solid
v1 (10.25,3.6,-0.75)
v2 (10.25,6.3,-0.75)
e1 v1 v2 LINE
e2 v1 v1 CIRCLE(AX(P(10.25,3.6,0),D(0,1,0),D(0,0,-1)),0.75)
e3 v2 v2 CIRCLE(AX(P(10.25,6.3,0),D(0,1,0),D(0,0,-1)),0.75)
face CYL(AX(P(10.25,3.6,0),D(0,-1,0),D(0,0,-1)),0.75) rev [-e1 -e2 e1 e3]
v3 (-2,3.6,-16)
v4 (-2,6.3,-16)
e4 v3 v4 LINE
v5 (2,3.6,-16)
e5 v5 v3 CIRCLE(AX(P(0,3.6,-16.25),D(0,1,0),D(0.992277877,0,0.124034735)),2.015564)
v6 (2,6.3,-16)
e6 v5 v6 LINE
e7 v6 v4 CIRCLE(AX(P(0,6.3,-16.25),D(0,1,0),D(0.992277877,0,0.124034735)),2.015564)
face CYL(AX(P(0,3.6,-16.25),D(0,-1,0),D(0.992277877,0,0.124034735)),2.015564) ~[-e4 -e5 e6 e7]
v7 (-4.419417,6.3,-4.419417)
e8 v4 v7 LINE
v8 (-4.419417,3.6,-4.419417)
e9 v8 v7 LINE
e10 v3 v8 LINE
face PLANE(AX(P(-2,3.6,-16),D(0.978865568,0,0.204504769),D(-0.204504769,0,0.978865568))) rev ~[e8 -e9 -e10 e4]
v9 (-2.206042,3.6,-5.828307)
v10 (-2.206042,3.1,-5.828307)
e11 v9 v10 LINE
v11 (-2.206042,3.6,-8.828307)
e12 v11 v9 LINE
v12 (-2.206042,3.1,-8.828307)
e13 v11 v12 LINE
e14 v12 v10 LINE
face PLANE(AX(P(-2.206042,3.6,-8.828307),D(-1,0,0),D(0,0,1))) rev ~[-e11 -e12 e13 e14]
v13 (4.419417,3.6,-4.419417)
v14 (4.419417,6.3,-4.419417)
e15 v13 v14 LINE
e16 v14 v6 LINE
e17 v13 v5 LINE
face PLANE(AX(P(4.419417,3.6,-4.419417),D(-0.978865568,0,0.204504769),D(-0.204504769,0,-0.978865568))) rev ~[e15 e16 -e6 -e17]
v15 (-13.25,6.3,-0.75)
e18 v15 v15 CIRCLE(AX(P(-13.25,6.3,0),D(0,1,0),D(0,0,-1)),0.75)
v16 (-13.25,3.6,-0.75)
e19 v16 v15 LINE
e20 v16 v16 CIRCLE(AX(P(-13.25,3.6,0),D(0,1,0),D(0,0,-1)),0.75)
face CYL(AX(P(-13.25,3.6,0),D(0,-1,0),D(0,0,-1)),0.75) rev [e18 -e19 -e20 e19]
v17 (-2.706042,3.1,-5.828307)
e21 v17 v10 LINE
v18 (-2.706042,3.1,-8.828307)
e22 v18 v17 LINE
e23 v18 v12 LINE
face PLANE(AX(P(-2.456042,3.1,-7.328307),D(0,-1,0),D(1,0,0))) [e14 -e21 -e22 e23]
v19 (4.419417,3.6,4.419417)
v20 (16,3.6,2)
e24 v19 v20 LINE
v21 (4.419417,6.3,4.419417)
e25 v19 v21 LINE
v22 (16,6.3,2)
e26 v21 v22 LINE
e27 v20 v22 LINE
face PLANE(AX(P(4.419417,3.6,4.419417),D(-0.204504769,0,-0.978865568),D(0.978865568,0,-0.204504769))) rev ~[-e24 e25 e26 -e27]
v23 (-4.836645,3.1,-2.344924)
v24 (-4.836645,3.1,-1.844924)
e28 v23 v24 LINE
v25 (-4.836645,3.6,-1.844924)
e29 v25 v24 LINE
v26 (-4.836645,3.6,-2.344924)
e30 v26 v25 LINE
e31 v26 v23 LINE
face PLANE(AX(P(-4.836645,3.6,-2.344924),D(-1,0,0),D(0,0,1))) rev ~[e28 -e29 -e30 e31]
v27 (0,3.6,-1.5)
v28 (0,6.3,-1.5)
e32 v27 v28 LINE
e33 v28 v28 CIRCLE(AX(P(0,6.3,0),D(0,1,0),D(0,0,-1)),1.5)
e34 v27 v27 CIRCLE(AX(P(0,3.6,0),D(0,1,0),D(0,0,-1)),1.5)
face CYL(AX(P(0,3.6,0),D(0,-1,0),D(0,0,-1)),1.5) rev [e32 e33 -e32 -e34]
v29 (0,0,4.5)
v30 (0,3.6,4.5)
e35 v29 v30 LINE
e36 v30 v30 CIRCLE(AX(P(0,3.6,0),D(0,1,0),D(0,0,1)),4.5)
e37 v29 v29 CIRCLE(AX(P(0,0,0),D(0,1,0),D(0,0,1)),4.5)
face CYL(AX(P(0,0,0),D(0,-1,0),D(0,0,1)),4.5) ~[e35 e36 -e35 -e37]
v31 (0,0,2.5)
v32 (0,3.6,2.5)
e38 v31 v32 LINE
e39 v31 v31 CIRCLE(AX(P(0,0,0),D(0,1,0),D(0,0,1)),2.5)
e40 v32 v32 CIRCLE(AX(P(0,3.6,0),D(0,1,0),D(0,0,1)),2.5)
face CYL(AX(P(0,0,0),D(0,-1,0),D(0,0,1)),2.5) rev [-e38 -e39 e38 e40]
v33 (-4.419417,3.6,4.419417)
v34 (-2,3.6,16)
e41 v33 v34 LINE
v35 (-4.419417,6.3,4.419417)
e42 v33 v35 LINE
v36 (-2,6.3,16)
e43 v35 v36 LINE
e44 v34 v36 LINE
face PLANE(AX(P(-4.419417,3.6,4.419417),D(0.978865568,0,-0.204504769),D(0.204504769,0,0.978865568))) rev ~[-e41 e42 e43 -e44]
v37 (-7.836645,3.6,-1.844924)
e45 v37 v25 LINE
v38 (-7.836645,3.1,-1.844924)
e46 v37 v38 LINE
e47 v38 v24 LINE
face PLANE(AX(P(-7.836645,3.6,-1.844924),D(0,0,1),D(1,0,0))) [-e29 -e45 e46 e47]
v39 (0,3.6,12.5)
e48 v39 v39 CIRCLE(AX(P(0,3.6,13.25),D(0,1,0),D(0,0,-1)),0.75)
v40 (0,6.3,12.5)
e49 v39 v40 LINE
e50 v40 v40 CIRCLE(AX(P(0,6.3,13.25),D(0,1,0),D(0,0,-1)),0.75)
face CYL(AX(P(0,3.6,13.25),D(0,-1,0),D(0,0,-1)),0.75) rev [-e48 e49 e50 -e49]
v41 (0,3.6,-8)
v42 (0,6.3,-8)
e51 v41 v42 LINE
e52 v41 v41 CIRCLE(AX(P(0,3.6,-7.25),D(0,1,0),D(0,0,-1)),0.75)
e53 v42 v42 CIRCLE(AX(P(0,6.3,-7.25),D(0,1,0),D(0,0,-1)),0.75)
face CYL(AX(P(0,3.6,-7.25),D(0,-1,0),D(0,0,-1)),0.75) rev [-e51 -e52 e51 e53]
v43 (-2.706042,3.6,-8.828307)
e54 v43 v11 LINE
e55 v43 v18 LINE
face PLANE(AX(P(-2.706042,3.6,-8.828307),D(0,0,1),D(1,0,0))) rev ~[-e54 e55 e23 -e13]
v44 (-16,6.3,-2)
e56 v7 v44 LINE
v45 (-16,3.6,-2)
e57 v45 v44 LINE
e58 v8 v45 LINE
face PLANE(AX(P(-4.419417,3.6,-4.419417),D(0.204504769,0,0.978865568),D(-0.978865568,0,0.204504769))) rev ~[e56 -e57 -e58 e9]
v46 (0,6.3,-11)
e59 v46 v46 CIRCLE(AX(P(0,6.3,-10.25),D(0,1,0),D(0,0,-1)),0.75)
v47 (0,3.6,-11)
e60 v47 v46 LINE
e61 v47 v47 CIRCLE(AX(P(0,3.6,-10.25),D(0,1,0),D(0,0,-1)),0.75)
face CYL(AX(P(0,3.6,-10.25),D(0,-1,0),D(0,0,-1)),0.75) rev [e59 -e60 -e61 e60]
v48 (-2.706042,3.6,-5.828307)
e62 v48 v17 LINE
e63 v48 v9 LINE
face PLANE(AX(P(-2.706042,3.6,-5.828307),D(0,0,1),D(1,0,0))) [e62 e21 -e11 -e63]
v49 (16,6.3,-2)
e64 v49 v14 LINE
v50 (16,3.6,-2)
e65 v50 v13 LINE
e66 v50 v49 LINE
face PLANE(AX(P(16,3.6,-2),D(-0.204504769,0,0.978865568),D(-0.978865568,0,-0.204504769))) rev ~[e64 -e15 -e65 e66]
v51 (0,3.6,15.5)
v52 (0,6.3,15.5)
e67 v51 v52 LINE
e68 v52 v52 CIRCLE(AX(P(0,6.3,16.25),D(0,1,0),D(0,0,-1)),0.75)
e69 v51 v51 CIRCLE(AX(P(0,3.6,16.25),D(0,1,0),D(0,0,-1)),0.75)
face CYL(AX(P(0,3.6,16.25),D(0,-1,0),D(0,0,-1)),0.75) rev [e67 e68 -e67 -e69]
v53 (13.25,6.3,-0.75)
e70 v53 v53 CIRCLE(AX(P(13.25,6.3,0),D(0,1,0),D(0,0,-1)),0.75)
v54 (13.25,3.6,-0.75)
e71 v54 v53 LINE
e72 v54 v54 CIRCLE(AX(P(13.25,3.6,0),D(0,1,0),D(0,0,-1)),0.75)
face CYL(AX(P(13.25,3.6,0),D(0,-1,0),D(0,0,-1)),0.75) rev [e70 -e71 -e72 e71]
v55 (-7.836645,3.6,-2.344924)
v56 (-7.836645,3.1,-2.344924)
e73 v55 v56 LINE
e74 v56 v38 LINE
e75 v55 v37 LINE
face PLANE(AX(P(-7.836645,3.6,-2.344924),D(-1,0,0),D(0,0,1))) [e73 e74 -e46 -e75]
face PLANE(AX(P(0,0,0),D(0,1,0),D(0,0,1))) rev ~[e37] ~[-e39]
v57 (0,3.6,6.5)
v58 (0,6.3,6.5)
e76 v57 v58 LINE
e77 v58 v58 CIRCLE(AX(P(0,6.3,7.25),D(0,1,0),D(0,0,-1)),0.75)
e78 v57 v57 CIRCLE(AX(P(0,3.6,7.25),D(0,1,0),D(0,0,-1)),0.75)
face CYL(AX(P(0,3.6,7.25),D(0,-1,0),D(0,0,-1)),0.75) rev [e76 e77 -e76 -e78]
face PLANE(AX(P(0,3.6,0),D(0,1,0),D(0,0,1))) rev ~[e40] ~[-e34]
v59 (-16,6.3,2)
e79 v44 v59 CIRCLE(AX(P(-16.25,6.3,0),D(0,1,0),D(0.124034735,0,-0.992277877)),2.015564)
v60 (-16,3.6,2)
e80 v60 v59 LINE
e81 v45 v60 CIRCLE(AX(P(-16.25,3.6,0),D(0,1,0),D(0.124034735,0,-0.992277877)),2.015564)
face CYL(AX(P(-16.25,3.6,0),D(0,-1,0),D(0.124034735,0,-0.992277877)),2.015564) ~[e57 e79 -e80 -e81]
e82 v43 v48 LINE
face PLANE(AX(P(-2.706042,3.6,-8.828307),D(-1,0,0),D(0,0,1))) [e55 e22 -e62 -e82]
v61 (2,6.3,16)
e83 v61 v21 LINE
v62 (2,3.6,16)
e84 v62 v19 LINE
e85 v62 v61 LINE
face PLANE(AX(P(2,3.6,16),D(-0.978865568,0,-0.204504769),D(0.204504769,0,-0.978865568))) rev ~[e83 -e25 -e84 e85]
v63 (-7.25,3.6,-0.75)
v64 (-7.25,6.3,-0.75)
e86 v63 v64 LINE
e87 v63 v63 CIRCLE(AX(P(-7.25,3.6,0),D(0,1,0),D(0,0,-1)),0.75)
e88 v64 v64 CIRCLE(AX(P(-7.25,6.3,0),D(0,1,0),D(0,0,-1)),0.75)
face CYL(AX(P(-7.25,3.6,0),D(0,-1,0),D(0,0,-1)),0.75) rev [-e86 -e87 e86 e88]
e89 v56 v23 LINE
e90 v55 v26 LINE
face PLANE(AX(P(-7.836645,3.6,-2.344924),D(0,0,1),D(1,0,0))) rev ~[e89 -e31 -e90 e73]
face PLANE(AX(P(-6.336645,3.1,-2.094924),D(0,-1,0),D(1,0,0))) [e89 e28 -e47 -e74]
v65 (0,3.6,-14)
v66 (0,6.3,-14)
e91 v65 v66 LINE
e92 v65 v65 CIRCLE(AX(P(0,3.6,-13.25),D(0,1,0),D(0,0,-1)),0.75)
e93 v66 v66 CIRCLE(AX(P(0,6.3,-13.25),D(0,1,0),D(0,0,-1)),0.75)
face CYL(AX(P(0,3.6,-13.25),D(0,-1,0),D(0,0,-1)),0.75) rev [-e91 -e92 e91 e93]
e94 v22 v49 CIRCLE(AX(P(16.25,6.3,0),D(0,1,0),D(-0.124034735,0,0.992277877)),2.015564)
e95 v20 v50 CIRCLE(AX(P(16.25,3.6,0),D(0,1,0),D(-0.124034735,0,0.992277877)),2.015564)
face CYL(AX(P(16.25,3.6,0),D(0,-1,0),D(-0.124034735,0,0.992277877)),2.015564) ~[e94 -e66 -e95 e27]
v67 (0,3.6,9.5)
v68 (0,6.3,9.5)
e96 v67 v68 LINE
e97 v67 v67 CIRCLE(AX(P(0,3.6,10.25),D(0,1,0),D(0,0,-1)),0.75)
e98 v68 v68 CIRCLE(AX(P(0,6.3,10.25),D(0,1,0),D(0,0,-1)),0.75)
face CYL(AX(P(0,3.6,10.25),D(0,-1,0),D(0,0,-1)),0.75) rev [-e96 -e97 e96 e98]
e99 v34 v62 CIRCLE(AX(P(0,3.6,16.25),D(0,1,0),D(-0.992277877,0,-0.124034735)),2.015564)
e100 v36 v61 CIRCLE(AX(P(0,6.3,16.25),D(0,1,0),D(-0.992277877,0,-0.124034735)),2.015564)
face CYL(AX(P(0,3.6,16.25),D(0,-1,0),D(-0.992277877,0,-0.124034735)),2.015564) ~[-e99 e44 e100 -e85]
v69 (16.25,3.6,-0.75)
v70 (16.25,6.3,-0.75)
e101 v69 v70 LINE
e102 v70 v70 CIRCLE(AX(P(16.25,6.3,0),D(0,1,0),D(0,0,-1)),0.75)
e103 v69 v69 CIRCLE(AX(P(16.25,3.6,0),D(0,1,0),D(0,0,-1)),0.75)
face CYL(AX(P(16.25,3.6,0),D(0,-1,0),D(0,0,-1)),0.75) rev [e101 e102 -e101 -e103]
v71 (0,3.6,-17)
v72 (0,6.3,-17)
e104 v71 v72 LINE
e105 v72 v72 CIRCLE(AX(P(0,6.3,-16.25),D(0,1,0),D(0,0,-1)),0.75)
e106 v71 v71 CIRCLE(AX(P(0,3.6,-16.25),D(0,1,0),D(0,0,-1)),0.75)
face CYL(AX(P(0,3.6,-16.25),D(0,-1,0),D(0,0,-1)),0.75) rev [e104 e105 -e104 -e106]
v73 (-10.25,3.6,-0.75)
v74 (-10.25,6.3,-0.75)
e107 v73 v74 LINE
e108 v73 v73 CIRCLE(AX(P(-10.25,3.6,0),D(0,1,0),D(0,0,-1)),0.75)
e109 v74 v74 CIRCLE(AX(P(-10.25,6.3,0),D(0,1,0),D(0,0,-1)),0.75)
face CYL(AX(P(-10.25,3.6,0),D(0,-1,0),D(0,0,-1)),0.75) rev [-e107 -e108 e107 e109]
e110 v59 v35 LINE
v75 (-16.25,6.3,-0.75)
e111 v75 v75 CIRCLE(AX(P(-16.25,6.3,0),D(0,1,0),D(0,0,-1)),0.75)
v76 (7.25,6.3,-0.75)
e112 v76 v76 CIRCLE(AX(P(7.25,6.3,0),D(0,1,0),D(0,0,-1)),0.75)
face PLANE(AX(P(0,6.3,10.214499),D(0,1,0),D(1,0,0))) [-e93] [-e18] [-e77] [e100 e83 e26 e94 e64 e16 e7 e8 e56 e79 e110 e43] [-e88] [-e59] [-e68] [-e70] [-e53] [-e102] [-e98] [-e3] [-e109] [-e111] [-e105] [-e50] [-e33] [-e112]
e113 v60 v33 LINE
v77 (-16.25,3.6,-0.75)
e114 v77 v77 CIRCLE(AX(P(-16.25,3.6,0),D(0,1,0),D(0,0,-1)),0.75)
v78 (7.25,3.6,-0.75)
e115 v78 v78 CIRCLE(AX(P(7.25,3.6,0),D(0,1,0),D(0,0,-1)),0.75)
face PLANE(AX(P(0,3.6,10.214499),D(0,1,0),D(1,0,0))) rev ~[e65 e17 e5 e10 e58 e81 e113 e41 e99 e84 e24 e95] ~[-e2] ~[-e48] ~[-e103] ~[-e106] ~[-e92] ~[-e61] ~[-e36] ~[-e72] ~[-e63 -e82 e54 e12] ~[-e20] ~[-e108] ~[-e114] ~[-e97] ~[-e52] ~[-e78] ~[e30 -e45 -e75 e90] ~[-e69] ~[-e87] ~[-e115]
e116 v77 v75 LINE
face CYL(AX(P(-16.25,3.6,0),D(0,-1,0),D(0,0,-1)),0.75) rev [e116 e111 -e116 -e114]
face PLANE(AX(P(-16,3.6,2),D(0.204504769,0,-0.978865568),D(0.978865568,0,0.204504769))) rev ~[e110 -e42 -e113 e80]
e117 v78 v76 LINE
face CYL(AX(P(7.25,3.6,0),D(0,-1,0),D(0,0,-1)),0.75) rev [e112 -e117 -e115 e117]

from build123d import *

# Parameters (mm, degrees)
SKETCH1_R           = 4.5
SKETCH1_R_2         = 2.5
BOSS_EXTRUDE1_DEPTH = 3.6
SKETCH2_R           = 0.75
SKETCH2_R_2         = 6.25
SKETCH2_R_3         = 4.5
SKETCH2_R_4         = 2.5
SKETCH2_R_5         = 1.5
BOSS_EXTRUDE2_DEPTH = 2.7
SKETCH3_W           = 3
SKETCH3_H           = 0.5
SKETCH3_W_2         = 0.5
SKETCH3_H_2         = 3
BOSS_EXTRUDE3_DEPTH = 0.5


with BuildPart() as part:
    # Sketch1 → Boss-Extrude1 (new body)
    with BuildSketch(Plane(origin=(0, 0, 0), x_dir=(1, 0, 0), z_dir=(0, 1, 0))):
        with Locations(Location((0, 0, 0), (0, 0, 270))):
            Circle(SKETCH1_R)
        with Locations(Location((0, 0, 0), (0, 0, 270))):
            Circle(SKETCH1_R_2, mode=Mode.SUBTRACT)
    extrude(amount=BOSS_EXTRUDE1_DEPTH)

    # Sketch2 → Boss-Extrude2 (add)
    # profile 1 of 7: a face of its own
    with BuildSketch(Plane(origin=(0, 3.6, 0), x_dir=(1, 0, 0), z_dir=(0, 1, 0))):
        with BuildLine():
            ThreePointArc((4.419417382, -4.419417382), (0, -6.25), (-4.419417382, -4.419417382))
            Line((-4.419417382, -4.419417382), (-2, -16))
            ThreePointArc((-2, -16), (0, -18.265564437), (2, -16))
            Line((2, -16), (4.419417382, -4.419417382))
        make_face()
        with Locations(Location((0, -16.25, 0), (0, 0, 90))):
            Circle(SKETCH2_R, mode=Mode.SUBTRACT)
        with Locations(Location((0, -13.25, 0), (0, 0, 90))):
            Circle(SKETCH2_R, mode=Mode.SUBTRACT)
        with Locations(Location((0, -10.25, 0), (0, 0, 90))):
            Circle(SKETCH2_R, mode=Mode.SUBTRACT)
        with Locations(Location((0, -7.25, 0), (0, 0, 90))):
            Circle(SKETCH2_R, mode=Mode.SUBTRACT)
    # profile 2 of 7: a face of its own
    with BuildSketch(Plane(origin=(0, 3.6, 0), x_dir=(1, 0, 0), z_dir=(0, 1, 0))):
        with BuildLine():
            ThreePointArc((-4.419417382, -4.419417382), (-6.25, 0), (-4.419417382, 4.419417382))
            Line((-4.419417382, 4.419417382), (-16, 2))
            ThreePointArc((-16, 2), (-18.265564437, 0), (-16, -2))
            Line((-16, -2), (-4.419417382, -4.419417382))
        make_face()
        with Locations(Location((-16.25, 0, 0), (0, 0, 90))):
            Circle(SKETCH2_R, mode=Mode.SUBTRACT)
        with Locations(Location((-13.25, 0, 0), (0, 0, 90))):
            Circle(SKETCH2_R, mode=Mode.SUBTRACT)
        with Locations(Location((-10.25, 0, 0), (0, 0, 90))):
            Circle(SKETCH2_R, mode=Mode.SUBTRACT)
        with Locations(Location((-7.25, 0, 0), (0, 0, 90))):
            Circle(SKETCH2_R, mode=Mode.SUBTRACT)
    # profile 3 of 7: a face of its own
    with BuildSketch(Plane(origin=(0, 3.6, 0), x_dir=(1, 0, 0), z_dir=(0, 1, 0))):
        Circle(SKETCH2_R_2)
        with Locations(Location((0, 0, 0), (0, 0, 270))):
            Circle(SKETCH2_R_3, mode=Mode.SUBTRACT)
    # profile 4 of 7: a face of its own
    with BuildSketch(Plane(origin=(0, 3.6, 0), x_dir=(1, 0, 0), z_dir=(0, 1, 0))):
        with BuildLine():
            ThreePointArc((2, 16), (0, 18.265564437), (-2, 16))
            Line((-2, 16), (-4.419417382, 4.419417382))
            ThreePointArc((-4.419417382, 4.419417382), (0, 6.25), (4.419417382, 4.419417382))
            Line((4.419417382, 4.419417382), (2, 16))
        make_face()
        with Locations(Location((0, 7.25, 0), (0, 0, 90))):
            Circle(SKETCH2_R, mode=Mode.SUBTRACT)
        with Locations(Location((0, 10.25, 0), (0, 0, 90))):
            Circle(SKETCH2_R, mode=Mode.SUBTRACT)
        with Locations(Location((0, 13.25, 0), (0, 0, 90))):
            Circle(SKETCH2_R, mode=Mode.SUBTRACT)
        with Locations(Location((0, 16.25, 0), (0, 0, 90))):
            Circle(SKETCH2_R, mode=Mode.SUBTRACT)
    # profile 5 of 7: a face of its own
    with BuildSketch(Plane(origin=(0, 3.6, 0), x_dir=(1, 0, 0), z_dir=(0, 1, 0))):
        with BuildLine():
            Line((16, 2), (4.419417382, 4.419417382))
            ThreePointArc((4.419417382, 4.419417382), (5.774247078, 2.391771452), (6.25, 0))
            ThreePointArc((6.25, 0), (5.774247078, -2.391771452), (4.419417382, -4.419417382))
            Line((4.419417382, -4.419417382), (16, -2))
            ThreePointArc((16, -2), (18.265564437, 0), (16, 2))
        make_face()
        with Locations(Location((7.25, 0, 0), (0, 0, 90))):
            Circle(SKETCH2_R, mode=Mode.SUBTRACT)
        with Locations(Location((10.25, 0, 0), (0, 0, 90))):
            Circle(SKETCH2_R, mode=Mode.SUBTRACT)
        with Locations(Location((13.25, 0, 0), (0, 0, 90))):
            Circle(SKETCH2_R, mode=Mode.SUBTRACT)
        with Locations(Location((16.25, 0, 0), (0, 0, 90))):
            Circle(SKETCH2_R, mode=Mode.SUBTRACT)
    # profile 6 of 7: a face of its own
    with BuildSketch(Plane(origin=(0, 3.6, 0), x_dir=(1, 0, 0), z_dir=(0, 1, 0))):
        with Locations(Location((0, 0, 0), (0, 0, 270))):
            Circle(SKETCH2_R_3)
        with Locations(Location((0, 0, 0), (0, 0, 270))):
            Circle(SKETCH2_R_4, mode=Mode.SUBTRACT)
    # profile 7 of 7: a face of its own
    with BuildSketch(Plane(origin=(0, 3.6, 0), x_dir=(1, 0, 0), z_dir=(0, 1, 0))):
        with Locations(Location((0, 0, 0), (0, 0, 270))):
            Circle(SKETCH2_R_4)
        with Locations(Location((0, 0, 0), (0, 0, 90))):
            Circle(SKETCH2_R_5, mode=Mode.SUBTRACT)
    extrude(amount=BOSS_EXTRUDE2_DEPTH)

    # Sketch3 → Boss-Extrude3 (add)
    with BuildSketch(Plane.XZ.offset(-3.6)):
        with Locations((-6.336645362, -2.094924186)):
            Rectangle(SKETCH3_W, SKETCH3_H)
        with Locations((-2.456041922, -7.328306568)):
            Rectangle(SKETCH3_W_2, SKETCH3_H_2)
    extrude(amount=BOSS_EXTRUDE3_DEPTH)


solid = part.part
